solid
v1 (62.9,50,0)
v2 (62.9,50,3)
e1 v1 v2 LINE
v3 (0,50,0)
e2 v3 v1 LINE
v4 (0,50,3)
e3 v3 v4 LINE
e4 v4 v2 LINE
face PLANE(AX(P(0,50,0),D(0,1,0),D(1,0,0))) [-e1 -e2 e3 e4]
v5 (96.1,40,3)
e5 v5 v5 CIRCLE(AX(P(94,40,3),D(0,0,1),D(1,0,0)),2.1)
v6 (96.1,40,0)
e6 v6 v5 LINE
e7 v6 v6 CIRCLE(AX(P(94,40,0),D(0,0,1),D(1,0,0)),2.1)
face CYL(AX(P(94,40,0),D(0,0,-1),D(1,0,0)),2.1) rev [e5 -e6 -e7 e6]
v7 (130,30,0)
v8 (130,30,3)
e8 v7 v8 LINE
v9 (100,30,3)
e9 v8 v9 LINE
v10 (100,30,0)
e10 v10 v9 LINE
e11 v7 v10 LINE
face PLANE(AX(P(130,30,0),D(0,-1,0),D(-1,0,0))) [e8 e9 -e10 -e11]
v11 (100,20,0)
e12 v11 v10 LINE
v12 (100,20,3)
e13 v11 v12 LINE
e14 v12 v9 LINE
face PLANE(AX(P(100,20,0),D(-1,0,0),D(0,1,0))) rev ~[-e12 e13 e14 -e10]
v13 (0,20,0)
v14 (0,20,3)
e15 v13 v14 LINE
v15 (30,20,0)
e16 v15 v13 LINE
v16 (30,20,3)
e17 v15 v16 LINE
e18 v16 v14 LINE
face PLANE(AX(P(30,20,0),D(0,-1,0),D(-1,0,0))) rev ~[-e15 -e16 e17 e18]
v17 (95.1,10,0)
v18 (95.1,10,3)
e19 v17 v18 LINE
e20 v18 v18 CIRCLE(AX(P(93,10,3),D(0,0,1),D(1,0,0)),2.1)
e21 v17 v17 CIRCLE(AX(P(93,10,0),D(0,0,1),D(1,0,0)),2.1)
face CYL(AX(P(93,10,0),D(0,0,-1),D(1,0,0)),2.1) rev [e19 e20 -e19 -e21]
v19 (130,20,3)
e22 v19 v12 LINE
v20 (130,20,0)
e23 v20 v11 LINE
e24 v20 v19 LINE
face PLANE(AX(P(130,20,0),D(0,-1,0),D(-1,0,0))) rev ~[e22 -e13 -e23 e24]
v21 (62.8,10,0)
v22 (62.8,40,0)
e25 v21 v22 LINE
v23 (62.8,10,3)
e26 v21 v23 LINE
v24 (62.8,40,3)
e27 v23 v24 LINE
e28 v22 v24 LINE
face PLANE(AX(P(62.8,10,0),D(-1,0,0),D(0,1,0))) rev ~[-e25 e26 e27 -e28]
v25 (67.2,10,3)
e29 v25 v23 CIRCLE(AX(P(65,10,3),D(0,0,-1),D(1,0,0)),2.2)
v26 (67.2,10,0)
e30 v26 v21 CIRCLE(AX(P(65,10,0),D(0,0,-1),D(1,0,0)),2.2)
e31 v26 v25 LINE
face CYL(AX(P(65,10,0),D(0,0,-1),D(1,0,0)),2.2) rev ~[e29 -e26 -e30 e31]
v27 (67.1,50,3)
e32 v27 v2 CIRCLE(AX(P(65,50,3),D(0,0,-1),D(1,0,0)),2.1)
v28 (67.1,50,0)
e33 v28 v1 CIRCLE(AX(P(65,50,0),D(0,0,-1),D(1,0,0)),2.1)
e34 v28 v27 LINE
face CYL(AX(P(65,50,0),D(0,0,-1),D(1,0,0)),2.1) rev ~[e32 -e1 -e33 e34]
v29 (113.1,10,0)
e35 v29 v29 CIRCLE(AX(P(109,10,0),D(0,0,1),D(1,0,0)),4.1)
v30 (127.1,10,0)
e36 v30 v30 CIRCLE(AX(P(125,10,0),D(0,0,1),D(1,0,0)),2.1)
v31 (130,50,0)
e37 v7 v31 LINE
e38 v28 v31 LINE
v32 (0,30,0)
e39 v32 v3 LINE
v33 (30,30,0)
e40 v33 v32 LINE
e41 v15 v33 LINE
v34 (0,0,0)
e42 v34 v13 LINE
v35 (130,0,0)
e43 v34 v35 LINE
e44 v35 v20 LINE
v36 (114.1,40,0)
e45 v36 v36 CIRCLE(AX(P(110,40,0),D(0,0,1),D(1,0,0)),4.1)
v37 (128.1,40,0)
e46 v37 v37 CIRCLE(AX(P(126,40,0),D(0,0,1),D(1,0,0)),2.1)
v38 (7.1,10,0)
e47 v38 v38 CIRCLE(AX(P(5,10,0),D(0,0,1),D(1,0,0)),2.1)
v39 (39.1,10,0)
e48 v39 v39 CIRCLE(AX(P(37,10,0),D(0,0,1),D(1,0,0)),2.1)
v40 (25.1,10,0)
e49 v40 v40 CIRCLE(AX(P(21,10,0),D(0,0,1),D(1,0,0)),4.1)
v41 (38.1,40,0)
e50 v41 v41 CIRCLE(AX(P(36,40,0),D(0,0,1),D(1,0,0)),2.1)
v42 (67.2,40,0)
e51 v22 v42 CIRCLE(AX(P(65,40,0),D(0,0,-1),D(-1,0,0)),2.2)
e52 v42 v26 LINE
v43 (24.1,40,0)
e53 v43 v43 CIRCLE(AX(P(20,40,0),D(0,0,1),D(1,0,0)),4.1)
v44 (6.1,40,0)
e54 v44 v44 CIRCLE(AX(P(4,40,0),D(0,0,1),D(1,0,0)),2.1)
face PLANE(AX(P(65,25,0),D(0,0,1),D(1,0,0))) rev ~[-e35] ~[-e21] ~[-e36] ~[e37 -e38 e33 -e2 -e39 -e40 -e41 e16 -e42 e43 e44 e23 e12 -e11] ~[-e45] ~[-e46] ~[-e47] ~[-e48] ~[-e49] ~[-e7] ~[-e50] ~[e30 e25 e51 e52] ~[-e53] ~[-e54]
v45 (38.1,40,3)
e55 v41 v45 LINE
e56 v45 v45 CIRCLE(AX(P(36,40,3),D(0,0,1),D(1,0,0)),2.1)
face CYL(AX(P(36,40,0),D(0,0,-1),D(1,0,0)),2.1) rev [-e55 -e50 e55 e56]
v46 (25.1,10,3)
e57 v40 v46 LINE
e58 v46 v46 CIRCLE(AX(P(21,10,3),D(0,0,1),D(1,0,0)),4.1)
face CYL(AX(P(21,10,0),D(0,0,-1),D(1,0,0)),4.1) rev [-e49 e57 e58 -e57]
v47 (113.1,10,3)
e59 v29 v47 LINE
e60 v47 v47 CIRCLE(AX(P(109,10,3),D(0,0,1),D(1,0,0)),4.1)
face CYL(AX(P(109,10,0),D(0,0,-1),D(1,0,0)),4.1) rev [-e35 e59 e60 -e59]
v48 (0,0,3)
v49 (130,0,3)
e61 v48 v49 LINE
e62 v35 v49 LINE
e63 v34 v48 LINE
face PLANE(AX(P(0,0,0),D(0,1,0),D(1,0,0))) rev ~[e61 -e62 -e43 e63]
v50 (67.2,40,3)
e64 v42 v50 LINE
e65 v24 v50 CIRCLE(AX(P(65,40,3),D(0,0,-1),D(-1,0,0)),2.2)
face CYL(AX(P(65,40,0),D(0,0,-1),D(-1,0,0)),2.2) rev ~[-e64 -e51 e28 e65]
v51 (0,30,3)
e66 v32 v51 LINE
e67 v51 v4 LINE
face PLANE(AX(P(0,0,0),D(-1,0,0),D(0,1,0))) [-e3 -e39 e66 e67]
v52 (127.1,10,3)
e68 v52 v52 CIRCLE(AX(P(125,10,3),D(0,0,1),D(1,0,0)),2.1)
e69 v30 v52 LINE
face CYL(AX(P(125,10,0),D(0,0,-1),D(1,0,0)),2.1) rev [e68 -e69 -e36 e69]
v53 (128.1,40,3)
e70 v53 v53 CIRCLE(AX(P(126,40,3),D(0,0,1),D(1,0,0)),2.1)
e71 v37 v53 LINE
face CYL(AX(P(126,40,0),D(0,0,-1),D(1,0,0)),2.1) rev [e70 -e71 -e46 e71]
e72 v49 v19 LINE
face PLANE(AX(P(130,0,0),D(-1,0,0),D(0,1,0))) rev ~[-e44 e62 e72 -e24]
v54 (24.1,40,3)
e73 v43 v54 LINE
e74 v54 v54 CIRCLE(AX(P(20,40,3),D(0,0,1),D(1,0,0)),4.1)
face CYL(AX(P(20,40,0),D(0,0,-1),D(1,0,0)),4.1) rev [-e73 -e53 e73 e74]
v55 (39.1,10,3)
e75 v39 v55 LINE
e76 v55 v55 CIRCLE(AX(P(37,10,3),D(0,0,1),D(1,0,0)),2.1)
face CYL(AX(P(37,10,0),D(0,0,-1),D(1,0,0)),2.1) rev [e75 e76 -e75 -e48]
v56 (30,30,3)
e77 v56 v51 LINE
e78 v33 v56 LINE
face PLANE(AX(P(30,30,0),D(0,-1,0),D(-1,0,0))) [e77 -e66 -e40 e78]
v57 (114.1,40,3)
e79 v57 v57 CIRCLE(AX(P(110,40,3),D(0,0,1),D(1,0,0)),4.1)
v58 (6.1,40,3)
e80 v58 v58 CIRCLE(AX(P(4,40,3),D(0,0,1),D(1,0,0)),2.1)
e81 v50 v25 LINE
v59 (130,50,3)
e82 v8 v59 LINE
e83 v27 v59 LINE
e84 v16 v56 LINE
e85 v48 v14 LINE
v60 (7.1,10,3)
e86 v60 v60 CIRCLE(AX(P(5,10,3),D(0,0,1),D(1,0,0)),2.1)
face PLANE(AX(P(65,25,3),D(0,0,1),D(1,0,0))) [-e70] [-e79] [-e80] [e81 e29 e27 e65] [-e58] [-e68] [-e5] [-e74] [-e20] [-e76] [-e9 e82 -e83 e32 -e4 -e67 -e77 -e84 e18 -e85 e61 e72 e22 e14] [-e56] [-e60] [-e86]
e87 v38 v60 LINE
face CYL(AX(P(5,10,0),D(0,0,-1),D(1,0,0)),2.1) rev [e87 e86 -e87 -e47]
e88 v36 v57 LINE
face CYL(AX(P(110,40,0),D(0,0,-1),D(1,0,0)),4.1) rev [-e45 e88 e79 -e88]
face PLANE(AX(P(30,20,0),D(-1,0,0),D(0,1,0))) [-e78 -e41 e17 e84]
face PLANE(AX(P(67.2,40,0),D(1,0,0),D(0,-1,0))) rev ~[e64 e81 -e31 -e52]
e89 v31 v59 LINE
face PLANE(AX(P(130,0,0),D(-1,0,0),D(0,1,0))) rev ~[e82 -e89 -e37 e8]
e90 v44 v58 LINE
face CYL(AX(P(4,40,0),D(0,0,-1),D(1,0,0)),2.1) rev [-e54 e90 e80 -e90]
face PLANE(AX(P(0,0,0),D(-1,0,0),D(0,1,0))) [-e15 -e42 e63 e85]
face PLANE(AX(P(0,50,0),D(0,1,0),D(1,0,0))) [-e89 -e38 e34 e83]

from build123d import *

# Parameters (mm, degrees)
ESQUISSE1_W             = 130
ESQUISSE1_H             = 50
ESQUISSE1_R             = 2.1
ESQUISSE1_R_2           = 4.1
BOSS_EXTRU_1_DEPTH      = 3
ENL_V_MAT_EXTRU_1_REACH = 5
ESQUISSE2_W             = 30
ESQUISSE2_H             = 10


with BuildPart() as part:
    # Esquisse1 → Boss.-Extru.1 (new body)
    with BuildSketch(Plane.XY):
        with Locations((65, 25)):
            Rectangle(ESQUISSE1_W, ESQUISSE1_H)
        with Locations((4, 40)):
            Circle(ESQUISSE1_R, mode=Mode.SUBTRACT)
        with Locations((20, 40)):
            Circle(ESQUISSE1_R_2, mode=Mode.SUBTRACT)
        with Locations((36, 40)):
            Circle(ESQUISSE1_R, mode=Mode.SUBTRACT)
        with Locations((94, 40)):
            Circle(ESQUISSE1_R, mode=Mode.SUBTRACT)
        with Locations((110, 40)):
            Circle(ESQUISSE1_R_2, mode=Mode.SUBTRACT)
        with Locations((126, 40)):
            Circle(ESQUISSE1_R, mode=Mode.SUBTRACT)
        with Locations((5, 10)):
            Circle(ESQUISSE1_R, mode=Mode.SUBTRACT)
        with Locations((21, 10)):
            Circle(ESQUISSE1_R_2, mode=Mode.SUBTRACT)
        with Locations((37, 10)):
            Circle(ESQUISSE1_R, mode=Mode.SUBTRACT)
        with Locations((93, 10)):
            Circle(ESQUISSE1_R, mode=Mode.SUBTRACT)
        with Locations((109, 10)):
            Circle(ESQUISSE1_R_2, mode=Mode.SUBTRACT)
        with Locations((125, 10)):
            Circle(ESQUISSE1_R, mode=Mode.SUBTRACT)
        with BuildLine():
            Line((62.8, 10), (62.8, 40))
            ThreePointArc((62.8, 40), (65, 42.2), (67.2, 40))
            Line((67.2, 40), (67.2, 10))
            ThreePointArc((67.2, 10), (65, 7.8), (62.8, 10))
        make_face(mode=Mode.SUBTRACT)
    extrude(amount=BOSS_EXTRU_1_DEPTH)

    # Esquisse2 → Enlèv. mat.-Extru.1 (cut, up to next)
    with BuildSketch(Plane(origin=(0, 0, 0), x_dir=(-1, 0, 0), z_dir=(0, 0, -1)), mode=Mode.PRIVATE) as enl_v_mat_extru_1_sk1:
        with Locations((-15, 25)):
            Rectangle(ESQUISSE2_W, ESQUISSE2_H)
    enl_v_mat_extru_1_tool1 = extrude(enl_v_mat_extru_1_sk1.sketch, amount=-ENL_V_MAT_EXTRU_1_REACH, mode=Mode.PRIVATE) & part.part
    add(enl_v_mat_extru_1_tool1.solids().sort_by_distance((15, 25, 0))[0], mode=Mode.SUBTRACT)
    # Esquisse2 → Enlèv. mat.-Extru.1 (cut, up to next)
    with BuildSketch(Plane(origin=(0, 0, 0), x_dir=(-1, 0, 0), z_dir=(0, 0, -1)), mode=Mode.PRIVATE) as enl_v_mat_extru_1_sk2:
        with Locations((-115, 25)):
            Rectangle(ESQUISSE2_W, ESQUISSE2_H)
    enl_v_mat_extru_1_tool2 = extrude(enl_v_mat_extru_1_sk2.sketch, amount=-ENL_V_MAT_EXTRU_1_REACH, mode=Mode.PRIVATE) & part.part
    add(enl_v_mat_extru_1_tool2.solids().sort_by_distance((115, 25, 0))[0], mode=Mode.SUBTRACT)
    # Esquisse2 → Enlèv. mat.-Extru.1 (cut, up to next)
    with BuildSketch(Plane(origin=(0, 0, 0), x_dir=(-1, 0, 0), z_dir=(0, 0, -1)), mode=Mode.PRIVATE) as enl_v_mat_extru_1_sk3:
        with BuildLine():
            Line((-62.9, 50), (-67.1, 50))
            ThreePointArc((-67.1, 50), (-65, 47.9), (-62.9, 50))
        make_face()
    enl_v_mat_extru_1_tool3 = extrude(enl_v_mat_extru_1_sk3.sketch, amount=-ENL_V_MAT_EXTRU_1_REACH, mode=Mode.PRIVATE) & part.part
    add(enl_v_mat_extru_1_tool3.solids().sort_by_distance((65, 49.108732, 0))[0], mode=Mode.SUBTRACT)


solid = part.part
